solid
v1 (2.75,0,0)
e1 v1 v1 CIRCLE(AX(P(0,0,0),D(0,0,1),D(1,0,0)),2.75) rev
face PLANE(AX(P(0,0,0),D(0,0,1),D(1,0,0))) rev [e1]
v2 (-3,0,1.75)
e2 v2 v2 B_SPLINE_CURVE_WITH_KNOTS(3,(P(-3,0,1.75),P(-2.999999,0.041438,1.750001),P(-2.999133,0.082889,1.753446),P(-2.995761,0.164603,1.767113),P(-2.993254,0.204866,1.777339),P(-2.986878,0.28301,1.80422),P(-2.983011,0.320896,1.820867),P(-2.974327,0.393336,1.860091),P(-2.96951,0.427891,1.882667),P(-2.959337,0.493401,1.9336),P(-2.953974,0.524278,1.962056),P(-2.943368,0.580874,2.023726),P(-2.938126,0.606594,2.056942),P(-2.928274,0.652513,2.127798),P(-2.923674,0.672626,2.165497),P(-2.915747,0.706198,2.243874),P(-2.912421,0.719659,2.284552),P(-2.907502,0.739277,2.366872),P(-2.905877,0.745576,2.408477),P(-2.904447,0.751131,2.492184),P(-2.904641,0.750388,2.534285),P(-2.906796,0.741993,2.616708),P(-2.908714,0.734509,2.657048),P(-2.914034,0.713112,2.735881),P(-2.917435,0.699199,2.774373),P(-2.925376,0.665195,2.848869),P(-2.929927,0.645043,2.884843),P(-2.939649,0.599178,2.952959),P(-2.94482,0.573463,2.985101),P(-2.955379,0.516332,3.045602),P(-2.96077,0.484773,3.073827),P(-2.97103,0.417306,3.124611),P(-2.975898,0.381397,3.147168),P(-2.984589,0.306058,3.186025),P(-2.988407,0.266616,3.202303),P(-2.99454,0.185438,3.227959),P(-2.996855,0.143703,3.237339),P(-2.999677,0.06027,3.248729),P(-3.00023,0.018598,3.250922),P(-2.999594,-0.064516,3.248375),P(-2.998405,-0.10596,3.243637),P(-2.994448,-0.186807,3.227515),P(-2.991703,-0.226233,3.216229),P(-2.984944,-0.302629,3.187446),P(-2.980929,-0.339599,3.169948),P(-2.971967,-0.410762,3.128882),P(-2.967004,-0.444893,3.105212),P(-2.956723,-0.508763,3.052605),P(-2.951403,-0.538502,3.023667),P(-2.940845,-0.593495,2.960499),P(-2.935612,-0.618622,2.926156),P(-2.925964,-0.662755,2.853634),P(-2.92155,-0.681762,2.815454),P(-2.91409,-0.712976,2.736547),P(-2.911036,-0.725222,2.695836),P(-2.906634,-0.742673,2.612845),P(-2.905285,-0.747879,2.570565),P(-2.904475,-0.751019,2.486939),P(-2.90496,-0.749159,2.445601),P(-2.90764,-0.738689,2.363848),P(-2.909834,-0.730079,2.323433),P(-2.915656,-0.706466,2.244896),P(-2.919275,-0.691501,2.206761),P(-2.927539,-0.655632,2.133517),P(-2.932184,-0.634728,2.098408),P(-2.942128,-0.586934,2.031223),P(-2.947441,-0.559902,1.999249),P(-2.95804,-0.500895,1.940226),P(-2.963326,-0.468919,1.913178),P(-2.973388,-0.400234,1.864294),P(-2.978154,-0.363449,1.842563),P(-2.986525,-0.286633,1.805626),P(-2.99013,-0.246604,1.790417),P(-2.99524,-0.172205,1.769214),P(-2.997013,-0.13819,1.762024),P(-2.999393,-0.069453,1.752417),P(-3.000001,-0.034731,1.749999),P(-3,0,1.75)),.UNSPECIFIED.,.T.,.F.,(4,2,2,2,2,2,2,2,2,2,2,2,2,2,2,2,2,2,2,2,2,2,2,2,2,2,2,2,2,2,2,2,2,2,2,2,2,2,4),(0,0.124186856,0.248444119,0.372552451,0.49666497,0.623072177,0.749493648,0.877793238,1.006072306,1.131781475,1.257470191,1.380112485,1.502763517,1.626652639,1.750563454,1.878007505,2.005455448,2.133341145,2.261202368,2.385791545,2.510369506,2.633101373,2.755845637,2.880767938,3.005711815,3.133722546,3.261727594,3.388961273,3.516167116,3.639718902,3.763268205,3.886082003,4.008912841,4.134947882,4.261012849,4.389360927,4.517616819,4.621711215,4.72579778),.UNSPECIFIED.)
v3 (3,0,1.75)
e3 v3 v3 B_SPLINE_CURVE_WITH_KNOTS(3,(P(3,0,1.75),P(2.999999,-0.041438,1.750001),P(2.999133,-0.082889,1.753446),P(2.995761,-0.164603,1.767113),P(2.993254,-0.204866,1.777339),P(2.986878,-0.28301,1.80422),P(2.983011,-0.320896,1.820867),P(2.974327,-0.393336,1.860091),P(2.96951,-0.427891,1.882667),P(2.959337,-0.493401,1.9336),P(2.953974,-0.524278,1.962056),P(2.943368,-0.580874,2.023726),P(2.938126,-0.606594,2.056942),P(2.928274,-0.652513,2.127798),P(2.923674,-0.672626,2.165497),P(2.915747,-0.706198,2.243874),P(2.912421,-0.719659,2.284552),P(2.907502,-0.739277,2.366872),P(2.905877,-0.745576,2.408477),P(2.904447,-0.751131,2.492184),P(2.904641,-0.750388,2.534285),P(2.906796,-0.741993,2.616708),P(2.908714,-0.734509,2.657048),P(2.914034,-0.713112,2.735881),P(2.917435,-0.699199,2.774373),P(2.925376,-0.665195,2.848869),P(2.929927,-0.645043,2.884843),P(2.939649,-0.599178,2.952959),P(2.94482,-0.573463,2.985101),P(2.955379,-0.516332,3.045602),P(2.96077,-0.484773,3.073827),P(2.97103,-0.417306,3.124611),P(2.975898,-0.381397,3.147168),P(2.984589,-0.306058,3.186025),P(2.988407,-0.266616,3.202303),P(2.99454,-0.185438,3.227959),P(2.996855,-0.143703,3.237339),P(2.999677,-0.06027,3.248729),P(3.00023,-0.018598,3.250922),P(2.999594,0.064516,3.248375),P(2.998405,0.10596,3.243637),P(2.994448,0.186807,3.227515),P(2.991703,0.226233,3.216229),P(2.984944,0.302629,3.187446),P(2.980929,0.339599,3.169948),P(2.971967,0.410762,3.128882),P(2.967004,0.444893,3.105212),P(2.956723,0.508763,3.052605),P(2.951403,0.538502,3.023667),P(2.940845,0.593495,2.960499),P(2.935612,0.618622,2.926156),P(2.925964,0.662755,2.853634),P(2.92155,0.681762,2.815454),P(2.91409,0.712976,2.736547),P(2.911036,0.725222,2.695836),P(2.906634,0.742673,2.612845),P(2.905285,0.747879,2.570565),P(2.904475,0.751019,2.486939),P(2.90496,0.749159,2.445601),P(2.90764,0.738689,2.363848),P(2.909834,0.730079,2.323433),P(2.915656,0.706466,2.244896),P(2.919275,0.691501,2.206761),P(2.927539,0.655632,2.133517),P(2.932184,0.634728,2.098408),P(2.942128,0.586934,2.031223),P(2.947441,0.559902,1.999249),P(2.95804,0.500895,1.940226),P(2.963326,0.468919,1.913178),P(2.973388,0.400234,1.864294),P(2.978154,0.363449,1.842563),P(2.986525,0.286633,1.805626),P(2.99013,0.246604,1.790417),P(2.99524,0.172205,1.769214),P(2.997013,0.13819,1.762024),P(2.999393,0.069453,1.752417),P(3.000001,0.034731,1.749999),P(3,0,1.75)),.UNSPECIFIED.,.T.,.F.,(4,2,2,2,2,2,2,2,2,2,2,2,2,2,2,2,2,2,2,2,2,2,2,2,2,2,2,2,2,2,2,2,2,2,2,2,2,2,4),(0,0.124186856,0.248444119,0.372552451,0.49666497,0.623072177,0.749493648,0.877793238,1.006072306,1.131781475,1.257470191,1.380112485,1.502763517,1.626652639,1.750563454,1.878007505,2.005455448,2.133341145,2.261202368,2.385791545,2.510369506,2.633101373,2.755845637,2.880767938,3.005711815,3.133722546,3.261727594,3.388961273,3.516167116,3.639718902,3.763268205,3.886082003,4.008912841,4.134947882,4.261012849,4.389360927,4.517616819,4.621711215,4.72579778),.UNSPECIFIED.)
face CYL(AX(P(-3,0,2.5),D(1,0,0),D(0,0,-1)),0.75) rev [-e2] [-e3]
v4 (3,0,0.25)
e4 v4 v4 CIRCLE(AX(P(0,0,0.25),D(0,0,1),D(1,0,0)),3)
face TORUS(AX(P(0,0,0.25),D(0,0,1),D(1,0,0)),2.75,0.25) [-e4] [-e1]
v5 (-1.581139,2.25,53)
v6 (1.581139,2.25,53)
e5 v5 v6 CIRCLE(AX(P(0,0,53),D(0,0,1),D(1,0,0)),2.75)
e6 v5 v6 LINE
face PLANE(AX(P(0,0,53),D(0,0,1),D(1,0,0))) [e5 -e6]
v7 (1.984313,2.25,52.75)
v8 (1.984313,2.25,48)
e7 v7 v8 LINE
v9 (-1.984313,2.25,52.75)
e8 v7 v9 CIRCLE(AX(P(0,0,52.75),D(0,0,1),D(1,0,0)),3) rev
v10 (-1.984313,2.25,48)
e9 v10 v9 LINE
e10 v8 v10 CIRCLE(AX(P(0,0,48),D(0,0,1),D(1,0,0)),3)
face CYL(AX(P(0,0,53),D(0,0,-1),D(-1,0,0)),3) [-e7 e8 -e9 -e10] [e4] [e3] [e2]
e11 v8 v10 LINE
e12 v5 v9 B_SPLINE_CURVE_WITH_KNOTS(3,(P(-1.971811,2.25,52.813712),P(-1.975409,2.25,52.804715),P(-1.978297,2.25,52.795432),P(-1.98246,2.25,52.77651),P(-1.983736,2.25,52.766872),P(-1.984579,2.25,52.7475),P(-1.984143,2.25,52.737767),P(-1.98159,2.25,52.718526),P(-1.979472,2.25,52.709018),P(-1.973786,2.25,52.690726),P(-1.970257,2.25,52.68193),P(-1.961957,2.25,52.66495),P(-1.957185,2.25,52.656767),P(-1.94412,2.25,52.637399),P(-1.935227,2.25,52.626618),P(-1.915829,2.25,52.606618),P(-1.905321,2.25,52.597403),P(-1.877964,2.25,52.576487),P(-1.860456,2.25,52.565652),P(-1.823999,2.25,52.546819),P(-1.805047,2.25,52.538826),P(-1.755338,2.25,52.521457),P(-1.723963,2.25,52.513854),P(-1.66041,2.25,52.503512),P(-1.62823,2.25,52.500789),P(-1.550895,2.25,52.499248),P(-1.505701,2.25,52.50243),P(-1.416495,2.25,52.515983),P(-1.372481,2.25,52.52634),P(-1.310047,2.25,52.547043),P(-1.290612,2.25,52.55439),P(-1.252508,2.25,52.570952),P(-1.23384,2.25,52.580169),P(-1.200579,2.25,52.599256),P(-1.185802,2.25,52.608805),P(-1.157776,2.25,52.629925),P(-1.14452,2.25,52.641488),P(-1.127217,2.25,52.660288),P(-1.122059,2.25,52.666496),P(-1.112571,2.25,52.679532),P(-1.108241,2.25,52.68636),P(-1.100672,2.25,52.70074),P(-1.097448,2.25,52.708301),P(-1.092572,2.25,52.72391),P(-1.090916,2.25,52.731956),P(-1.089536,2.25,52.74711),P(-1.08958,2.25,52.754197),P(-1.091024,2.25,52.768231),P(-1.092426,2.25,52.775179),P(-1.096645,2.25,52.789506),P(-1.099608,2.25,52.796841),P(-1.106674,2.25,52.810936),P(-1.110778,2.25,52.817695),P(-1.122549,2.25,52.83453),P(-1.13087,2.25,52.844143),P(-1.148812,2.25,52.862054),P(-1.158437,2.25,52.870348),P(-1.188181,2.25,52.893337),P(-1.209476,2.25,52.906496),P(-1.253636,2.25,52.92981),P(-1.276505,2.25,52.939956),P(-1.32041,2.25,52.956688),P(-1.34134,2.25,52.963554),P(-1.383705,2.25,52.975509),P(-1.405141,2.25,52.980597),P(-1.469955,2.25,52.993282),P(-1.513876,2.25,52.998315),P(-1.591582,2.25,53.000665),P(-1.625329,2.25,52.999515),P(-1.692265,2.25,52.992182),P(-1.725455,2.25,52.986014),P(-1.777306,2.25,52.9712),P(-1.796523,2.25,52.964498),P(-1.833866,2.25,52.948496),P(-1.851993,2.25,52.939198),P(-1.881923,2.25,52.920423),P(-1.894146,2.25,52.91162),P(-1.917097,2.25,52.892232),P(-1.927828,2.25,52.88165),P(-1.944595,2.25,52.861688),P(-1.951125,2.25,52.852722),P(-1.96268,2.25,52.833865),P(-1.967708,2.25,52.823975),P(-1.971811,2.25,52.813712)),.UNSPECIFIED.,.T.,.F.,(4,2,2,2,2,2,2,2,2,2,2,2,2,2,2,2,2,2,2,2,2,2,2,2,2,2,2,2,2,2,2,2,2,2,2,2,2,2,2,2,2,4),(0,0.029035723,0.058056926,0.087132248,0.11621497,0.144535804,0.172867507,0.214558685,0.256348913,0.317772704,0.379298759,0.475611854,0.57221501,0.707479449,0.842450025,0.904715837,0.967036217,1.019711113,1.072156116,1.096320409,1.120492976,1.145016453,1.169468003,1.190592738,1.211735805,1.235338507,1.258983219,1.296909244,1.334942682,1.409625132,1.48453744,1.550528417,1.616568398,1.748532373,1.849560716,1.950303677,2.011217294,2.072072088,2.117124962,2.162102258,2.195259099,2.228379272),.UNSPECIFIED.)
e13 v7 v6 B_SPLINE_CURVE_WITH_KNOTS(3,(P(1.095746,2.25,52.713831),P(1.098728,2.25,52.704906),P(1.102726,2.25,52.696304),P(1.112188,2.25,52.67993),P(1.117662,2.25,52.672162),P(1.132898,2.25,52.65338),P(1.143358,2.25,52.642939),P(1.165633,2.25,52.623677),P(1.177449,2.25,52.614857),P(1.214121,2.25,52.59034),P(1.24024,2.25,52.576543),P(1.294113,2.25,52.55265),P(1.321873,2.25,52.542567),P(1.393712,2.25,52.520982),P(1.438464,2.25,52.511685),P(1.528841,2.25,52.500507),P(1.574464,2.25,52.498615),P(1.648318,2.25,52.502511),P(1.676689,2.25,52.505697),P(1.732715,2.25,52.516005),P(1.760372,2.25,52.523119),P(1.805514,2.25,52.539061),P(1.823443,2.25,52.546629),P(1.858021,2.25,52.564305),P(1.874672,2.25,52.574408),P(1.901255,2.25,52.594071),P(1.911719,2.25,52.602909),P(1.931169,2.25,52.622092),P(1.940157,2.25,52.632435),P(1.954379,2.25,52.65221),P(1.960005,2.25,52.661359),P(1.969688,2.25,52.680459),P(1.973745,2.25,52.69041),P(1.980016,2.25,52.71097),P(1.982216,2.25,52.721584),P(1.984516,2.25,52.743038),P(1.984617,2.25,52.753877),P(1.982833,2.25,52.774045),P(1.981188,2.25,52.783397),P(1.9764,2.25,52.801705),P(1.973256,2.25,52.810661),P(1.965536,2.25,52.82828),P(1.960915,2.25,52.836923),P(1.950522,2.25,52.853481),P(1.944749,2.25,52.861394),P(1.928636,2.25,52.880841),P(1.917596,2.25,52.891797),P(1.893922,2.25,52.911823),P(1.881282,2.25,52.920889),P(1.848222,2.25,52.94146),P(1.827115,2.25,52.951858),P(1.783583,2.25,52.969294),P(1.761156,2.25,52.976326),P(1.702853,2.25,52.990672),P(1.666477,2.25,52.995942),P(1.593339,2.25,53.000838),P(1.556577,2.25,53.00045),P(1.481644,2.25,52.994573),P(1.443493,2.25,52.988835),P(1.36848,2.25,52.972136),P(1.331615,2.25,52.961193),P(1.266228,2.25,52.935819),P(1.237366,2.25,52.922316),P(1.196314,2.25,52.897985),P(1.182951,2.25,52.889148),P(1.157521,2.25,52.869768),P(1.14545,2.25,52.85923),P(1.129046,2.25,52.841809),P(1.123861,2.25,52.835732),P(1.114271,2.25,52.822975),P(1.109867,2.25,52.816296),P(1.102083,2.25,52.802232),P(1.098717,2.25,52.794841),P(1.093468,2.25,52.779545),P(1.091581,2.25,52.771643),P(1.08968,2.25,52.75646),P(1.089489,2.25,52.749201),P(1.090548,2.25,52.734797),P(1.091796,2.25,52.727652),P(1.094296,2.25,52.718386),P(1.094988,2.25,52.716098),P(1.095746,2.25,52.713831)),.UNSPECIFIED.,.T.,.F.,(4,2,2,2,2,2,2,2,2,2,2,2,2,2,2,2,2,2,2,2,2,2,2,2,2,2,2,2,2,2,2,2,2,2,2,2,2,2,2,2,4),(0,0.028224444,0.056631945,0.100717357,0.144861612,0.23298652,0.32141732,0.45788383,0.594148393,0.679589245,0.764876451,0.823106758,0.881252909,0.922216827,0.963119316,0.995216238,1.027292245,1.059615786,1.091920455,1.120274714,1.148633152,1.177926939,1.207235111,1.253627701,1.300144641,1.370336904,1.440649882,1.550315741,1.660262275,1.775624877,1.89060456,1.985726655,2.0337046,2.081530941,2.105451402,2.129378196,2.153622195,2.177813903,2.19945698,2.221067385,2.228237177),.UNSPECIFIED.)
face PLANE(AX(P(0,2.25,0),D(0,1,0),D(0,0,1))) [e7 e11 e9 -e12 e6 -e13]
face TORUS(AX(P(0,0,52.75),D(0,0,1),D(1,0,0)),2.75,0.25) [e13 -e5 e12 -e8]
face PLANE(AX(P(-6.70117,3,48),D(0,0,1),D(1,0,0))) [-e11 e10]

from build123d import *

# Parameters (mm, degrees)
SKETCH1_R               = 3
BOSS_EXTRUDE1_DEPTH     = 53
FILLET1_R               = 0.25
SKETCH2_R               = 0.75
CUT_EXTRUDE1_DEPTH      = 4.0000001
CUT_EXTRUDE1_DEPTH_BACK = 4.0000001
SKETCH4_W               = 15
SKETCH4_H               = 5
CUT_EXTRUDE2_DEPTH      = 53


with BuildPart() as part:
    # Sketch1 → Boss-Extrude1 (new body)
    with BuildSketch(Plane.XY):
        Circle(SKETCH1_R)
    extrude(amount=BOSS_EXTRUDE1_DEPTH)

    # Fillet1
    fillet1_edges = [part.edges().sort_by_distance(p)[0] for p in [
        (-3, 0, 0),
        (-3, 0, 53),
    ]]
    fillet(fillet1_edges, radius=FILLET1_R)

    # Sketch2 → Cut-Extrude1 (cut, two sides)
    with BuildSketch(Plane(origin=(0, 0, 0), x_dir=(0, 0, -1), z_dir=(1, 0, 0))) as cut_extrude1_sk:
        with Locations((-2.5, 0)):
            Circle(SKETCH2_R)
    extrude(amount=CUT_EXTRUDE1_DEPTH, mode=Mode.SUBTRACT)
    extrude(cut_extrude1_sk.sketch, amount=-CUT_EXTRUDE1_DEPTH_BACK, mode=Mode.SUBTRACT)

    # Sketch4 → Cut-Extrude2 (cut)
    with BuildSketch(Plane(origin=(0, 2.25, 0), x_dir=(1, 0, 0), z_dir=(0, 1, 0))):
        with Locations((0.79883006, -50.5)):
            Rectangle(SKETCH4_W, SKETCH4_H)
    extrude(amount=CUT_EXTRUDE2_DEPTH, mode=Mode.SUBTRACT)


solid = part.part
